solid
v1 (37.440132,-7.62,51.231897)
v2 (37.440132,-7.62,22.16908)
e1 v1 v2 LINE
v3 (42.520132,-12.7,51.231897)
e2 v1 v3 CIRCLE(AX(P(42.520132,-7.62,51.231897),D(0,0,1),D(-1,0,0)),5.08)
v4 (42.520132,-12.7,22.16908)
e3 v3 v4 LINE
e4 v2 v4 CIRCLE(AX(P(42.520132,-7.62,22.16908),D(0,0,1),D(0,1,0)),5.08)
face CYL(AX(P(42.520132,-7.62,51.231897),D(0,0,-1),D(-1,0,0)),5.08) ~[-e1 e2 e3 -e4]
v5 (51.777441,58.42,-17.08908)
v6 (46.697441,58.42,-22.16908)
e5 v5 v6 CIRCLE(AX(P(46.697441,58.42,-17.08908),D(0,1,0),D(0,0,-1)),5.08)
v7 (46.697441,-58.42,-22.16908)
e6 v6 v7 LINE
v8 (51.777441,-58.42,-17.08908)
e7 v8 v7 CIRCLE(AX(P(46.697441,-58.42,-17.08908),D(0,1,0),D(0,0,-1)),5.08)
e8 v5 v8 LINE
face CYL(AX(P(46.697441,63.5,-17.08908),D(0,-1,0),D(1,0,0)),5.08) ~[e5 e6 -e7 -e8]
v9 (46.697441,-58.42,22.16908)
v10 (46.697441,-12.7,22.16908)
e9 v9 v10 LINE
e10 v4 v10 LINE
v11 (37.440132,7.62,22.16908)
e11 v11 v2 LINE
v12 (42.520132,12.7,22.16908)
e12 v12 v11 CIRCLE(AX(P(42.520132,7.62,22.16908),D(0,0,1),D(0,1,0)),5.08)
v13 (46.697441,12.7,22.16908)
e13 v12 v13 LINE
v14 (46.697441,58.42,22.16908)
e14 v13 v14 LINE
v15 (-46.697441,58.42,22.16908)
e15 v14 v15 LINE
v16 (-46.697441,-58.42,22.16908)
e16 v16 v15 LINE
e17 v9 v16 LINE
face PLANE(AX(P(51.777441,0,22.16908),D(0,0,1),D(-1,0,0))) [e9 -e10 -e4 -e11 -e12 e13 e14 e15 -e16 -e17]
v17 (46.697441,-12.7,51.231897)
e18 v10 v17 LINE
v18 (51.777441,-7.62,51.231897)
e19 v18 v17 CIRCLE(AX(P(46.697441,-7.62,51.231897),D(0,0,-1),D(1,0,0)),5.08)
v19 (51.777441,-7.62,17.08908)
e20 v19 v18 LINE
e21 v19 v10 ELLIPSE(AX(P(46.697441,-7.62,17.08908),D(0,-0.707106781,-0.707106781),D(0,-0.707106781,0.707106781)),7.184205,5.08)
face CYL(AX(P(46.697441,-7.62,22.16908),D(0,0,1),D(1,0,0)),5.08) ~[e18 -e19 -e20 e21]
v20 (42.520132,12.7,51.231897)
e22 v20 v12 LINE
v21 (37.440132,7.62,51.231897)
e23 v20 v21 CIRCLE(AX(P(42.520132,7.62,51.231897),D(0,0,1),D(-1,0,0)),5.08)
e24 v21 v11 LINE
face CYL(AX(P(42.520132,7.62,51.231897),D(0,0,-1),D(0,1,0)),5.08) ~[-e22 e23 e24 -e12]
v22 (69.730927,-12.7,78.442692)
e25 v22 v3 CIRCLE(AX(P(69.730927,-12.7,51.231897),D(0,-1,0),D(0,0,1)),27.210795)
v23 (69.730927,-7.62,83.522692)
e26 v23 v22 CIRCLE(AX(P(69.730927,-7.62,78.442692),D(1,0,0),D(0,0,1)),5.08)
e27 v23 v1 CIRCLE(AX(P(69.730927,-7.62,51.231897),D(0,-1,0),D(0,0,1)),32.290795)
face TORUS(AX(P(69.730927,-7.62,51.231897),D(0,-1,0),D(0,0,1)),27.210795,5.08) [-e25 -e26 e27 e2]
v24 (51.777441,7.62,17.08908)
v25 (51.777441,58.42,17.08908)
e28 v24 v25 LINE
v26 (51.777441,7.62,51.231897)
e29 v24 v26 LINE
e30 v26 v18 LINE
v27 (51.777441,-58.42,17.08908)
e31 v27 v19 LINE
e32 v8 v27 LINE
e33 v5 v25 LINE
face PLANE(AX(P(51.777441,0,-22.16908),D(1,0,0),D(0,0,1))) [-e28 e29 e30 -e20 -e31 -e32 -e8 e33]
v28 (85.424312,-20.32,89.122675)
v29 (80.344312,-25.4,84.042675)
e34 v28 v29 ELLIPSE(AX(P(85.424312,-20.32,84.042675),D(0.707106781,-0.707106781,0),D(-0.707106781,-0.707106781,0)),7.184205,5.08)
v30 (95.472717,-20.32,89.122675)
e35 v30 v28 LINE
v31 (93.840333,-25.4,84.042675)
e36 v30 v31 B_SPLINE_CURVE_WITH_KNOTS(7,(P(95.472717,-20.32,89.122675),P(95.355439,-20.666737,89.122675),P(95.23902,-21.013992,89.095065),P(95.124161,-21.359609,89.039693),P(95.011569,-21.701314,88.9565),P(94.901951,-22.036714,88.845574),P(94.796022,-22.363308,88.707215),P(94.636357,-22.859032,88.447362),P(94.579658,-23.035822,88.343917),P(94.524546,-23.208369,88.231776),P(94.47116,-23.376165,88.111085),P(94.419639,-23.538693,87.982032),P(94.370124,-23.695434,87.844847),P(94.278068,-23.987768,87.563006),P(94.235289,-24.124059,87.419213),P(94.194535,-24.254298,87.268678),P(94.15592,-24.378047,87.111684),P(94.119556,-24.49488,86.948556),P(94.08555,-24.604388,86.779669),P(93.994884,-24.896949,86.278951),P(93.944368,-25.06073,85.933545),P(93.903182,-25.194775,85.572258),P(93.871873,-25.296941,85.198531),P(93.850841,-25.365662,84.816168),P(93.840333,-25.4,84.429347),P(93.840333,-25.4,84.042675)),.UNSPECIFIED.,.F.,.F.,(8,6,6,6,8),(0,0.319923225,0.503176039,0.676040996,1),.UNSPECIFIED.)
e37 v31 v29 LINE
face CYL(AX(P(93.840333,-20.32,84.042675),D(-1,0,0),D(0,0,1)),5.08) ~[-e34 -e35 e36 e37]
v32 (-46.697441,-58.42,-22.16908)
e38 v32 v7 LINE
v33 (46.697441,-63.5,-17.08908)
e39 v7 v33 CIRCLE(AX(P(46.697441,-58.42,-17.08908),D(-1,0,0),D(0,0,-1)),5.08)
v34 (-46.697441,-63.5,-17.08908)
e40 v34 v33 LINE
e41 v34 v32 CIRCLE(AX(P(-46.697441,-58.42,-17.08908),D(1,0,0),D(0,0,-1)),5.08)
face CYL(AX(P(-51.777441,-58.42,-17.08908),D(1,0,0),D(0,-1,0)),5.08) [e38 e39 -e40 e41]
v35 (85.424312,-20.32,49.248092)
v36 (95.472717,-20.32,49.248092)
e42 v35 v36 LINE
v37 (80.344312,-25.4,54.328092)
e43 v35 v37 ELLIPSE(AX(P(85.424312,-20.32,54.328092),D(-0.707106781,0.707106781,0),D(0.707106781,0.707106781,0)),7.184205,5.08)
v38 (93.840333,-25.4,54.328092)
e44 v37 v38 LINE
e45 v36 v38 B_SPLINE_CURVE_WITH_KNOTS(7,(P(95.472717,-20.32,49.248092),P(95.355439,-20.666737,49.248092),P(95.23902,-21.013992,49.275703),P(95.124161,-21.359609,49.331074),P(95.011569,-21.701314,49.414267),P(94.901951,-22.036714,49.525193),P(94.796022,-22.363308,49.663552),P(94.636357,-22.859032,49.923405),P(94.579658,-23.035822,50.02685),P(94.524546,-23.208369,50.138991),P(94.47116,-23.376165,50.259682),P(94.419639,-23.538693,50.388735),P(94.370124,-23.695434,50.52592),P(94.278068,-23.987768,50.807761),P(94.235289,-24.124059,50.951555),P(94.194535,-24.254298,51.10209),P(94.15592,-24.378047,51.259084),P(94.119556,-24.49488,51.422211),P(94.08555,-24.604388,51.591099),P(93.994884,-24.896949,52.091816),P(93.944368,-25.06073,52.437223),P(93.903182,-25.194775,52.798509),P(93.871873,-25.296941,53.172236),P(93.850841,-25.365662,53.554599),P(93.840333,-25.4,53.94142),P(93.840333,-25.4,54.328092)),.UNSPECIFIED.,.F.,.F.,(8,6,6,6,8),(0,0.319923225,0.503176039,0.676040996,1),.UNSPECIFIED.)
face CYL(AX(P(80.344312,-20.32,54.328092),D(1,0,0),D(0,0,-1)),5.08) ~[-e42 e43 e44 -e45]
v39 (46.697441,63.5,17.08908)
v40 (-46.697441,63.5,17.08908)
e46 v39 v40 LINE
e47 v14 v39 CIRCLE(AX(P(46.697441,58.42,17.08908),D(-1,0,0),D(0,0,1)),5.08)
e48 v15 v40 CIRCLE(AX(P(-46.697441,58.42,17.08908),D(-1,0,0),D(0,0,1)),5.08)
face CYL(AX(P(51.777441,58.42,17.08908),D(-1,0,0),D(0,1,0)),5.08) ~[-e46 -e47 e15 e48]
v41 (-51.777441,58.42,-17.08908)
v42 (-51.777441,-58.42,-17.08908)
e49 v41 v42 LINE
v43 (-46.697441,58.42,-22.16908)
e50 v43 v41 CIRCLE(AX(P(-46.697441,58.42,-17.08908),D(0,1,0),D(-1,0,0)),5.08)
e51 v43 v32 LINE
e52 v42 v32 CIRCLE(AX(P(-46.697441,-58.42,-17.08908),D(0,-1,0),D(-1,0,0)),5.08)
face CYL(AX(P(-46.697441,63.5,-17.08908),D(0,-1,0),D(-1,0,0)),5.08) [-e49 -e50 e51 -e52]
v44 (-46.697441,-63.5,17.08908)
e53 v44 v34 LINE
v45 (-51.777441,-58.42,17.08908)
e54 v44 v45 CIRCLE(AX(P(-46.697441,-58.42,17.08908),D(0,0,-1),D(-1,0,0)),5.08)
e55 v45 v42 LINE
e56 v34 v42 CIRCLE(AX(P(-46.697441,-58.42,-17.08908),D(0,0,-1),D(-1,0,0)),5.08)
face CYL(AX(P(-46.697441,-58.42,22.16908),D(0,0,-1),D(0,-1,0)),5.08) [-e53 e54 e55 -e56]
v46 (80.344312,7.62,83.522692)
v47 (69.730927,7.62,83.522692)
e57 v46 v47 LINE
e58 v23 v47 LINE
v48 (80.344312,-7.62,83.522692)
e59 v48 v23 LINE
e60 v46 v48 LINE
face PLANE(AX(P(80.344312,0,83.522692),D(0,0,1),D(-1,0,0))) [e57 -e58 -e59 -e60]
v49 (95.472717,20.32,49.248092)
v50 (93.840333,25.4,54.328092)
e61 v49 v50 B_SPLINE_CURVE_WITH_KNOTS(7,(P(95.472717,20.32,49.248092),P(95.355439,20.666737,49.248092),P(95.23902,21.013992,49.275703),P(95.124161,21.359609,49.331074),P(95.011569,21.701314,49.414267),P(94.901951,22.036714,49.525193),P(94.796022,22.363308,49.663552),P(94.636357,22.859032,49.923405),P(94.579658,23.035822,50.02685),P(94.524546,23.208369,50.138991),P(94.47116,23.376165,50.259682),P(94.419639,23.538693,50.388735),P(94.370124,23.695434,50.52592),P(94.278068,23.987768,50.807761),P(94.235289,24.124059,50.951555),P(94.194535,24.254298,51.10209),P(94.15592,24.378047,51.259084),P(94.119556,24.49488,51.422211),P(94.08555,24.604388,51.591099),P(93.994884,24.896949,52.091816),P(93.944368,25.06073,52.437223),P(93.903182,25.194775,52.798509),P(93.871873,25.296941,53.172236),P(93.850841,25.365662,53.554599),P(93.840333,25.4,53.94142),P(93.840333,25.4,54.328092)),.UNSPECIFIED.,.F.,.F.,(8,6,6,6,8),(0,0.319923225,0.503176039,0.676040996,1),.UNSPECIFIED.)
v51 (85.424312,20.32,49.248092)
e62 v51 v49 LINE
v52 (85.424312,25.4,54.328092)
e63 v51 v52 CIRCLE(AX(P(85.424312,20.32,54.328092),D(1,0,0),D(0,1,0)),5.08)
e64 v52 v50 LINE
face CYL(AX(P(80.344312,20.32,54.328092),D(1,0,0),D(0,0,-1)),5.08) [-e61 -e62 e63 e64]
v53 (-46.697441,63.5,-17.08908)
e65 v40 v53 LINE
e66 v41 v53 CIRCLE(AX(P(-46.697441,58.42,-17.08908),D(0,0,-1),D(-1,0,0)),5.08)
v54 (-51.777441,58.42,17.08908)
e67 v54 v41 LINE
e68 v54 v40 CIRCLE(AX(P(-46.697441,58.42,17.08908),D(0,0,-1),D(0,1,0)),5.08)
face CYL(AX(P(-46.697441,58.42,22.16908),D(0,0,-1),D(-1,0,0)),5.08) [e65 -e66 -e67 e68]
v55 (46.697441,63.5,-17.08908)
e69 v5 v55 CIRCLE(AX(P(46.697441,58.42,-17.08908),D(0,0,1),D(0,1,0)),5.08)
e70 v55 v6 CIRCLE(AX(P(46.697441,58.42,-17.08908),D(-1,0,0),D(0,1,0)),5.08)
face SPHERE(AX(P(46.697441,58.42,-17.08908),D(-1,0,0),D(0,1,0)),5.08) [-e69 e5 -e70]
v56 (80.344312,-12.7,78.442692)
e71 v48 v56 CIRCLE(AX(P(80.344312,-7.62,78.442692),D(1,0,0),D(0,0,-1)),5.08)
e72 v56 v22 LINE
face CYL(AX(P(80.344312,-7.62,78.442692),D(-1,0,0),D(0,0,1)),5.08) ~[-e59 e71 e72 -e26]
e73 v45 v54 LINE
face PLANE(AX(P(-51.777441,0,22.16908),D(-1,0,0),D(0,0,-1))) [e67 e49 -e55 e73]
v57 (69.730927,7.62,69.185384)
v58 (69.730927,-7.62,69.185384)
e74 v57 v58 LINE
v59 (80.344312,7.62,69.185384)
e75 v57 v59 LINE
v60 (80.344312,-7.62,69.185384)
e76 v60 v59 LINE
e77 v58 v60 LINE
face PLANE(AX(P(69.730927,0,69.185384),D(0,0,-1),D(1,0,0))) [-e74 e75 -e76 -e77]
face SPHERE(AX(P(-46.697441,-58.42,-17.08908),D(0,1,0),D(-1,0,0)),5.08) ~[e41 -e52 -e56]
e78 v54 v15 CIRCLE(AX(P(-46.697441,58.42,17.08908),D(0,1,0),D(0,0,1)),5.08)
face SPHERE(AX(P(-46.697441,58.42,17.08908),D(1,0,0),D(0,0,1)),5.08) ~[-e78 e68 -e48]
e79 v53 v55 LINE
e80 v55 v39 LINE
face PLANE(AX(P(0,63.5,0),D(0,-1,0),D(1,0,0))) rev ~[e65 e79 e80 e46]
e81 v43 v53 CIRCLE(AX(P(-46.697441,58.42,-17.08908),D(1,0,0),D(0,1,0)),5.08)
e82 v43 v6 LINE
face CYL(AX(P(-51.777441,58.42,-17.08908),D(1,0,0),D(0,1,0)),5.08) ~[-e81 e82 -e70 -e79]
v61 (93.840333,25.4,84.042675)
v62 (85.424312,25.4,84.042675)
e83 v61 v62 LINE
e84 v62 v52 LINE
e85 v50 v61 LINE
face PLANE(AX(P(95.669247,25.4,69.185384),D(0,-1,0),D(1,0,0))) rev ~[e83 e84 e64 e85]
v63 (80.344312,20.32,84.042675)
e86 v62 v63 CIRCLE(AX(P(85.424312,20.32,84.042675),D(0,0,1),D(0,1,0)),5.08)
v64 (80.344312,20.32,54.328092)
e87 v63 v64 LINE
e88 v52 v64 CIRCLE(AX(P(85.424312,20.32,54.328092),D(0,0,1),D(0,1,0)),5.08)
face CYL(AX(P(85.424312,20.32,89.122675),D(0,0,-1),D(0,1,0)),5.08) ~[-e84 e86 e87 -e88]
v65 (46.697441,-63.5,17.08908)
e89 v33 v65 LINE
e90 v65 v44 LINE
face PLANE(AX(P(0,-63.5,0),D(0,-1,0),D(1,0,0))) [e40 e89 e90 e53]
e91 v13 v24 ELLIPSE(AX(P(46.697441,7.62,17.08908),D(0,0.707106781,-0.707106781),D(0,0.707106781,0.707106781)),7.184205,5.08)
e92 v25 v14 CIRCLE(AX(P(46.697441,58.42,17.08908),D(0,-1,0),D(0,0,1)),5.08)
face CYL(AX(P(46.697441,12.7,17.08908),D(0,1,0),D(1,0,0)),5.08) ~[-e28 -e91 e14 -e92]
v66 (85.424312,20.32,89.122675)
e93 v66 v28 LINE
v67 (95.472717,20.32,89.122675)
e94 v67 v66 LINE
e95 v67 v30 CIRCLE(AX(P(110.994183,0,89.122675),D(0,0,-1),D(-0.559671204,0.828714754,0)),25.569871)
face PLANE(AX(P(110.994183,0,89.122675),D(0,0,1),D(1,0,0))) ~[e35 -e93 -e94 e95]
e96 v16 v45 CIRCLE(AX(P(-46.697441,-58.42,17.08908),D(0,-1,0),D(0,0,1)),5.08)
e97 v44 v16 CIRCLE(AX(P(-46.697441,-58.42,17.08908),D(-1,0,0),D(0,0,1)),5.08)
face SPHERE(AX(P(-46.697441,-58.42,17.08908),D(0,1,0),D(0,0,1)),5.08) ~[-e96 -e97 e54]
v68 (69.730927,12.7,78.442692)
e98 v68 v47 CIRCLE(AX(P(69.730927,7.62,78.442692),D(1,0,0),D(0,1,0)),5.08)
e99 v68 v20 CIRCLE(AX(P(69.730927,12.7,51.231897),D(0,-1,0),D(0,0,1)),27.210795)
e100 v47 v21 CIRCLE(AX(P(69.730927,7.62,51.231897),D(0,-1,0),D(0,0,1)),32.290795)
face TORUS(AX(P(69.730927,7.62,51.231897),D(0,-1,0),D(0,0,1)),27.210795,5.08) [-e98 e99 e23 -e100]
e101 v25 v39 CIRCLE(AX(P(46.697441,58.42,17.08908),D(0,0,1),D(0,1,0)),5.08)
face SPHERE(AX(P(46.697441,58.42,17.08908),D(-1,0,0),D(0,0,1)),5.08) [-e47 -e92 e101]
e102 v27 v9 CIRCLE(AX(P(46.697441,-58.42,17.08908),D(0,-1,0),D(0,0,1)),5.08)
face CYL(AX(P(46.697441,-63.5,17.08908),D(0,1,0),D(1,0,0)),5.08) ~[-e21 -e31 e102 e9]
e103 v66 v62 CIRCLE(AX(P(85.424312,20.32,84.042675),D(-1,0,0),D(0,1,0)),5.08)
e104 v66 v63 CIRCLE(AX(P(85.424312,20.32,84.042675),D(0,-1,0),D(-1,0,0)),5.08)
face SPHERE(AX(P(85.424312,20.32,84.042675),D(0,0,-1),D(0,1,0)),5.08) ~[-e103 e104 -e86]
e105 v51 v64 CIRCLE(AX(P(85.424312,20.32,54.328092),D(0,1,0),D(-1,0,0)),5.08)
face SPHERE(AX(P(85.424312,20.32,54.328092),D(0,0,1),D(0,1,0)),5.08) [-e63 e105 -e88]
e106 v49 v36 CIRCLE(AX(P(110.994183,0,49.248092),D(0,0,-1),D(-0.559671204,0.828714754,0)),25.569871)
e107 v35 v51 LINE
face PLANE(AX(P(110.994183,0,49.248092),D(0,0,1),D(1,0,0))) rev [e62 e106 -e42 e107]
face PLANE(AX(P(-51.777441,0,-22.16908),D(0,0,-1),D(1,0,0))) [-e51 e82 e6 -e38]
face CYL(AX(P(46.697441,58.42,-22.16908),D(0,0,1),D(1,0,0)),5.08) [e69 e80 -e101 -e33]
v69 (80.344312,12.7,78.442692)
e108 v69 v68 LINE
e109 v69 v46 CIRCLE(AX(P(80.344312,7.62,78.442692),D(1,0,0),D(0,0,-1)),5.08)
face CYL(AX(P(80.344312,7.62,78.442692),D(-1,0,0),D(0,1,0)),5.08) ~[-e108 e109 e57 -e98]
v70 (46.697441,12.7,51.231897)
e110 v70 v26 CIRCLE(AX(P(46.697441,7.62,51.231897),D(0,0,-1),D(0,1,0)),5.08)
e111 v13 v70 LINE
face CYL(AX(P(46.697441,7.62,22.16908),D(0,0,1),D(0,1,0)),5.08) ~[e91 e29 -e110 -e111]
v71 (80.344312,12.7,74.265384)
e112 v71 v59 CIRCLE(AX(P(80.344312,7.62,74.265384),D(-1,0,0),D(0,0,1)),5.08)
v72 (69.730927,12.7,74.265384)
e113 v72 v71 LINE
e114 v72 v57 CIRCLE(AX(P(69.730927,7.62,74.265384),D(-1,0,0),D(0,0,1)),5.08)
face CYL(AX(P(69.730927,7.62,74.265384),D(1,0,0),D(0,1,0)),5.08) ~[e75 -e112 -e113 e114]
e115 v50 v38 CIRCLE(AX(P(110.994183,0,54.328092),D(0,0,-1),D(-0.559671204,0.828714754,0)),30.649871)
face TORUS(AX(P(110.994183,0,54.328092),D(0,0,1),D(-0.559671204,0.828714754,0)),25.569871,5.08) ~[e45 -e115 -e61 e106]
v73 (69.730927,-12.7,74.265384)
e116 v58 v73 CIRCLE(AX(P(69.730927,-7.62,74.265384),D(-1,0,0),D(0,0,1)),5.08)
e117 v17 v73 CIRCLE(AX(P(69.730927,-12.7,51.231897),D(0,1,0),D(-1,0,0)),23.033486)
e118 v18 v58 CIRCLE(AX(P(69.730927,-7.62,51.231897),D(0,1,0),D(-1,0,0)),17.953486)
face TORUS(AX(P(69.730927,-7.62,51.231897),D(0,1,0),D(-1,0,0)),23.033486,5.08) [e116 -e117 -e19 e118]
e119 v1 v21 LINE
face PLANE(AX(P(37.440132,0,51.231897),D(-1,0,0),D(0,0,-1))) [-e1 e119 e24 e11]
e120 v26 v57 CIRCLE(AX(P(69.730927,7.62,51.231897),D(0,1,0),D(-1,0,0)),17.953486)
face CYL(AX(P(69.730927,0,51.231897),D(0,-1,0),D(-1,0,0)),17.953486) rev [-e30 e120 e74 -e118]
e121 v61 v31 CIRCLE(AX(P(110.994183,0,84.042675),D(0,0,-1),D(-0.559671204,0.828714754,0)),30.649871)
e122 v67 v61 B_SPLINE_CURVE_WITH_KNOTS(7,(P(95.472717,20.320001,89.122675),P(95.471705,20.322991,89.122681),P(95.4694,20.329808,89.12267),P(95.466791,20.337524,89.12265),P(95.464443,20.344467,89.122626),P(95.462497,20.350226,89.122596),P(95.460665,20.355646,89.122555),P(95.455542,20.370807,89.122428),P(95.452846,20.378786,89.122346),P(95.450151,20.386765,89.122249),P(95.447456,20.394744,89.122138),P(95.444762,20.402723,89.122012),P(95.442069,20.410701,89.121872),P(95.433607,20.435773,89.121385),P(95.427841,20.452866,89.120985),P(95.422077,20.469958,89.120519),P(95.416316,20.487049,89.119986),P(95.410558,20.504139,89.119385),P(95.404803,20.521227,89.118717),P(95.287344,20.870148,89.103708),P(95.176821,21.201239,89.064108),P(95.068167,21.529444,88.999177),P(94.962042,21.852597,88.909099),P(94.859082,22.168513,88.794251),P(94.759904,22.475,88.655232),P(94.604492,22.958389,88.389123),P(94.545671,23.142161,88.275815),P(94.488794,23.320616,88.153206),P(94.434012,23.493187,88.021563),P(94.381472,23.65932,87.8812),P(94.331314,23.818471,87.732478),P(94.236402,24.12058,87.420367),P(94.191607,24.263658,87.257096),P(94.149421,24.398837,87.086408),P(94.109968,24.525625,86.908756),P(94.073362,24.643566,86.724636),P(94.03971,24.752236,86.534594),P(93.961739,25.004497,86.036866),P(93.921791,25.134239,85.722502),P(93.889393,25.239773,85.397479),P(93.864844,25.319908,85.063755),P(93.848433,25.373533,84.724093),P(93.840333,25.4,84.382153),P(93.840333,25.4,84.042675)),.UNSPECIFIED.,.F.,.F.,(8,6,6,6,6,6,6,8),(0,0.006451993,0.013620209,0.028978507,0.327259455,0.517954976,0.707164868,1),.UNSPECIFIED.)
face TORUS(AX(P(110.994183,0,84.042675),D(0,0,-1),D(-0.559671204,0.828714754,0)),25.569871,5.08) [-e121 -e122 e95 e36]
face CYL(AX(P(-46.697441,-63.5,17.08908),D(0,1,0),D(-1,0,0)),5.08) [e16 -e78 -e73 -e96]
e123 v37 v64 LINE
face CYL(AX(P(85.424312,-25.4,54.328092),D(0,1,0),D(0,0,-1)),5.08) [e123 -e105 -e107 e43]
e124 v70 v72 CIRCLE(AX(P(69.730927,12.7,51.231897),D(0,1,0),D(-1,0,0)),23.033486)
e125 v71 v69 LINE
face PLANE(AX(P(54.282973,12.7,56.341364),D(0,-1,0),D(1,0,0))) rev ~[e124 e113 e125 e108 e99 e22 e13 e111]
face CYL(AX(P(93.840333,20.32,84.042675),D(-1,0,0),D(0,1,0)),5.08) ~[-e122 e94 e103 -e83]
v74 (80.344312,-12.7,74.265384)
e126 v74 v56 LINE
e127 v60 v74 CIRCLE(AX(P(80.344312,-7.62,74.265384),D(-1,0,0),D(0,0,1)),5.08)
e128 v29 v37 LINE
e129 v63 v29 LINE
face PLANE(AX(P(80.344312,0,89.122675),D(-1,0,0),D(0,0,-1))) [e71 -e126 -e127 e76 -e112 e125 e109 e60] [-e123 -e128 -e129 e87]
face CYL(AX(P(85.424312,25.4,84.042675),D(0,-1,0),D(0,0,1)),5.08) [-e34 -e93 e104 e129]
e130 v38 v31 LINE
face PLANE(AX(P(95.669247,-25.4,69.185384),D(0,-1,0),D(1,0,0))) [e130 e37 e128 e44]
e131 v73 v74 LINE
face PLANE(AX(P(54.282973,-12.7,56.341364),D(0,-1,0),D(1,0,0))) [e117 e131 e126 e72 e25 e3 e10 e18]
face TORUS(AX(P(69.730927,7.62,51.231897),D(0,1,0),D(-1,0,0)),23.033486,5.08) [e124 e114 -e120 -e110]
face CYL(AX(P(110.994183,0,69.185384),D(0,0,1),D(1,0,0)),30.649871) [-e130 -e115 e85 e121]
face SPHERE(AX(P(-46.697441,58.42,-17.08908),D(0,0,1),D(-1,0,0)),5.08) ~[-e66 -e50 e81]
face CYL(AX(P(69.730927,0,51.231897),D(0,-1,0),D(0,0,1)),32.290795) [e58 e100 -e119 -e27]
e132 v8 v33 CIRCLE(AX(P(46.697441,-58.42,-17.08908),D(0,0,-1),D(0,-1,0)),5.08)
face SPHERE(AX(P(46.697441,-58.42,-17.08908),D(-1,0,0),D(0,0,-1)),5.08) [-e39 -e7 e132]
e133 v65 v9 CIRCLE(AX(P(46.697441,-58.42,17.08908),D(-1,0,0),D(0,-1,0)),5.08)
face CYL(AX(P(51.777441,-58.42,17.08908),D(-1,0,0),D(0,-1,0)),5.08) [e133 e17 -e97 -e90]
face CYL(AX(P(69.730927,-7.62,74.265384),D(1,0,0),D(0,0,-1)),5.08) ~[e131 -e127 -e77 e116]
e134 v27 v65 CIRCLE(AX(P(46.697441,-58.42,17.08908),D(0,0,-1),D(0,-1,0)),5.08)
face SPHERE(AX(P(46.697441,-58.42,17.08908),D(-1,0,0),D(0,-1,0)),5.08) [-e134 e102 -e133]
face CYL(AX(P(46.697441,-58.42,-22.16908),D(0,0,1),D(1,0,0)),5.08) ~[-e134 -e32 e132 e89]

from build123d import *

# Parameters (mm, degrees)
F1_DEPTH = 63.5
F2_DEPTH = 12.7
F3_DEPTH = 25.4
F0_W     = 30.6498706341
F0_H     = 39.8745834827
F5_R     = 5.08


with BuildPart() as f1:
    # F0 (on Front) → F1 (new body, symmetric)
    with BuildSketch(Plane.XZ):
        Polygon((37.4401323497, 22.1690796316), (-51.7774410546, 22.1690796316), (-51.7774410546, -22.1690796316), (51.7774410546, -22.1690796316), (51.7774410546, 22.1690796316), align=None)
    extrude(amount=F1_DEPTH, both=True)

    # F0 (on Front) → F2 (join, symmetric)
    with BuildSketch(Plane.XZ):
        with BuildLine():
            Line((37.4401323497, 51.2318972406), (37.4401323497, 22.1690796316))
            Line((37.4401323497, 22.1690796316), (51.7774410546, 22.1690796316))
            Line((51.7774410546, 22.1690796316), (51.7774410546, 51.2318972406))
            ThreePointArc((51.7774410546, 51.2318972406), (57.0358954685, 63.9269292039), (69.7309274318, 69.1853836179))
            Line((69.7309274318, 69.1853836179), (80.344311893, 69.1853836179))
            Line((80.344311893, 69.1853836179), (80.344311893, 83.5226923227))
            Line((80.344311893, 83.5226923227), (69.7309274318, 83.5226923227))
            ThreePointArc((69.7309274318, 83.5226923227), (46.8978872594, 74.0649374131), (37.4401323497, 51.2318972406))
        make_face()
    extrude(amount=F2_DEPTH, both=True)

    # F0 (on Front) → F3 (join, symmetric)
    with BuildSketch(Plane.XZ):
        Polygon((80.344311893, 89.1226753592), (80.344311893, 83.5226923227), (80.344311893, 69.1853836179), (80.344311893, 49.2480918765), (110.9941825271, 49.2480918765), (110.9941825271, 89.1226753592), align=None)
    extrude(amount=F3_DEPTH, both=True)

    # F0 (on Front) → F4 (revolve)
    with BuildSketch(Plane.XZ):
        with Locations((126.3191178441, 69.1853836179)):
            Rectangle(F0_W, F0_H)
    revolve(axis=Axis((110.9941825271, 0, 69.1853836179), (0, 0, 1)))

    # F5
    f5_edges = [f1.edges().sort_by_distance(p)[0] for p in [
        (51.777441, 12.7, 36.700488),
        (46.897887, 12.7, 74.064937),
        (46.897887, -12.7, 74.064937),
        (80.344312, 25.4, 69.185384),
        (141.644053, 0, 89.122675),
        (87.092322, 25.4, 89.122675),
        (80.344312, 0, 89.122675),
        (87.092322, -25.4, 89.122675),
        (87.092322, 25.4, 49.248092),
        (141.644053, 0, 49.248092),
        (87.092322, -25.4, 49.248092),
        (80.344312, 0, 49.248092),
        (51.777441, -12.7, 36.700488),
        (57.035895, 12.7, 63.926929),
        (0, 63.5, 22.16908),
        (-51.777441, 0, 22.16908),
        (-51.777441, 63.5, 0),
        (-51.777441, 0, -22.16908),
        (0, 63.5, -22.16908),
        (51.777441, 38.1, 22.16908),
        (0, -63.5, 22.16908),
        (-51.777441, -63.5, 0),
        (51.777441, 63.5, 0),
        (0, -63.5, -22.16908),
        (51.777441, 0, -22.16908),
        (51.777441, -63.5, 0),
        (51.777441, -38.1, 22.16908),
    ]]
    fillet(f5_edges, radius=F5_R)


solid = f1.part
